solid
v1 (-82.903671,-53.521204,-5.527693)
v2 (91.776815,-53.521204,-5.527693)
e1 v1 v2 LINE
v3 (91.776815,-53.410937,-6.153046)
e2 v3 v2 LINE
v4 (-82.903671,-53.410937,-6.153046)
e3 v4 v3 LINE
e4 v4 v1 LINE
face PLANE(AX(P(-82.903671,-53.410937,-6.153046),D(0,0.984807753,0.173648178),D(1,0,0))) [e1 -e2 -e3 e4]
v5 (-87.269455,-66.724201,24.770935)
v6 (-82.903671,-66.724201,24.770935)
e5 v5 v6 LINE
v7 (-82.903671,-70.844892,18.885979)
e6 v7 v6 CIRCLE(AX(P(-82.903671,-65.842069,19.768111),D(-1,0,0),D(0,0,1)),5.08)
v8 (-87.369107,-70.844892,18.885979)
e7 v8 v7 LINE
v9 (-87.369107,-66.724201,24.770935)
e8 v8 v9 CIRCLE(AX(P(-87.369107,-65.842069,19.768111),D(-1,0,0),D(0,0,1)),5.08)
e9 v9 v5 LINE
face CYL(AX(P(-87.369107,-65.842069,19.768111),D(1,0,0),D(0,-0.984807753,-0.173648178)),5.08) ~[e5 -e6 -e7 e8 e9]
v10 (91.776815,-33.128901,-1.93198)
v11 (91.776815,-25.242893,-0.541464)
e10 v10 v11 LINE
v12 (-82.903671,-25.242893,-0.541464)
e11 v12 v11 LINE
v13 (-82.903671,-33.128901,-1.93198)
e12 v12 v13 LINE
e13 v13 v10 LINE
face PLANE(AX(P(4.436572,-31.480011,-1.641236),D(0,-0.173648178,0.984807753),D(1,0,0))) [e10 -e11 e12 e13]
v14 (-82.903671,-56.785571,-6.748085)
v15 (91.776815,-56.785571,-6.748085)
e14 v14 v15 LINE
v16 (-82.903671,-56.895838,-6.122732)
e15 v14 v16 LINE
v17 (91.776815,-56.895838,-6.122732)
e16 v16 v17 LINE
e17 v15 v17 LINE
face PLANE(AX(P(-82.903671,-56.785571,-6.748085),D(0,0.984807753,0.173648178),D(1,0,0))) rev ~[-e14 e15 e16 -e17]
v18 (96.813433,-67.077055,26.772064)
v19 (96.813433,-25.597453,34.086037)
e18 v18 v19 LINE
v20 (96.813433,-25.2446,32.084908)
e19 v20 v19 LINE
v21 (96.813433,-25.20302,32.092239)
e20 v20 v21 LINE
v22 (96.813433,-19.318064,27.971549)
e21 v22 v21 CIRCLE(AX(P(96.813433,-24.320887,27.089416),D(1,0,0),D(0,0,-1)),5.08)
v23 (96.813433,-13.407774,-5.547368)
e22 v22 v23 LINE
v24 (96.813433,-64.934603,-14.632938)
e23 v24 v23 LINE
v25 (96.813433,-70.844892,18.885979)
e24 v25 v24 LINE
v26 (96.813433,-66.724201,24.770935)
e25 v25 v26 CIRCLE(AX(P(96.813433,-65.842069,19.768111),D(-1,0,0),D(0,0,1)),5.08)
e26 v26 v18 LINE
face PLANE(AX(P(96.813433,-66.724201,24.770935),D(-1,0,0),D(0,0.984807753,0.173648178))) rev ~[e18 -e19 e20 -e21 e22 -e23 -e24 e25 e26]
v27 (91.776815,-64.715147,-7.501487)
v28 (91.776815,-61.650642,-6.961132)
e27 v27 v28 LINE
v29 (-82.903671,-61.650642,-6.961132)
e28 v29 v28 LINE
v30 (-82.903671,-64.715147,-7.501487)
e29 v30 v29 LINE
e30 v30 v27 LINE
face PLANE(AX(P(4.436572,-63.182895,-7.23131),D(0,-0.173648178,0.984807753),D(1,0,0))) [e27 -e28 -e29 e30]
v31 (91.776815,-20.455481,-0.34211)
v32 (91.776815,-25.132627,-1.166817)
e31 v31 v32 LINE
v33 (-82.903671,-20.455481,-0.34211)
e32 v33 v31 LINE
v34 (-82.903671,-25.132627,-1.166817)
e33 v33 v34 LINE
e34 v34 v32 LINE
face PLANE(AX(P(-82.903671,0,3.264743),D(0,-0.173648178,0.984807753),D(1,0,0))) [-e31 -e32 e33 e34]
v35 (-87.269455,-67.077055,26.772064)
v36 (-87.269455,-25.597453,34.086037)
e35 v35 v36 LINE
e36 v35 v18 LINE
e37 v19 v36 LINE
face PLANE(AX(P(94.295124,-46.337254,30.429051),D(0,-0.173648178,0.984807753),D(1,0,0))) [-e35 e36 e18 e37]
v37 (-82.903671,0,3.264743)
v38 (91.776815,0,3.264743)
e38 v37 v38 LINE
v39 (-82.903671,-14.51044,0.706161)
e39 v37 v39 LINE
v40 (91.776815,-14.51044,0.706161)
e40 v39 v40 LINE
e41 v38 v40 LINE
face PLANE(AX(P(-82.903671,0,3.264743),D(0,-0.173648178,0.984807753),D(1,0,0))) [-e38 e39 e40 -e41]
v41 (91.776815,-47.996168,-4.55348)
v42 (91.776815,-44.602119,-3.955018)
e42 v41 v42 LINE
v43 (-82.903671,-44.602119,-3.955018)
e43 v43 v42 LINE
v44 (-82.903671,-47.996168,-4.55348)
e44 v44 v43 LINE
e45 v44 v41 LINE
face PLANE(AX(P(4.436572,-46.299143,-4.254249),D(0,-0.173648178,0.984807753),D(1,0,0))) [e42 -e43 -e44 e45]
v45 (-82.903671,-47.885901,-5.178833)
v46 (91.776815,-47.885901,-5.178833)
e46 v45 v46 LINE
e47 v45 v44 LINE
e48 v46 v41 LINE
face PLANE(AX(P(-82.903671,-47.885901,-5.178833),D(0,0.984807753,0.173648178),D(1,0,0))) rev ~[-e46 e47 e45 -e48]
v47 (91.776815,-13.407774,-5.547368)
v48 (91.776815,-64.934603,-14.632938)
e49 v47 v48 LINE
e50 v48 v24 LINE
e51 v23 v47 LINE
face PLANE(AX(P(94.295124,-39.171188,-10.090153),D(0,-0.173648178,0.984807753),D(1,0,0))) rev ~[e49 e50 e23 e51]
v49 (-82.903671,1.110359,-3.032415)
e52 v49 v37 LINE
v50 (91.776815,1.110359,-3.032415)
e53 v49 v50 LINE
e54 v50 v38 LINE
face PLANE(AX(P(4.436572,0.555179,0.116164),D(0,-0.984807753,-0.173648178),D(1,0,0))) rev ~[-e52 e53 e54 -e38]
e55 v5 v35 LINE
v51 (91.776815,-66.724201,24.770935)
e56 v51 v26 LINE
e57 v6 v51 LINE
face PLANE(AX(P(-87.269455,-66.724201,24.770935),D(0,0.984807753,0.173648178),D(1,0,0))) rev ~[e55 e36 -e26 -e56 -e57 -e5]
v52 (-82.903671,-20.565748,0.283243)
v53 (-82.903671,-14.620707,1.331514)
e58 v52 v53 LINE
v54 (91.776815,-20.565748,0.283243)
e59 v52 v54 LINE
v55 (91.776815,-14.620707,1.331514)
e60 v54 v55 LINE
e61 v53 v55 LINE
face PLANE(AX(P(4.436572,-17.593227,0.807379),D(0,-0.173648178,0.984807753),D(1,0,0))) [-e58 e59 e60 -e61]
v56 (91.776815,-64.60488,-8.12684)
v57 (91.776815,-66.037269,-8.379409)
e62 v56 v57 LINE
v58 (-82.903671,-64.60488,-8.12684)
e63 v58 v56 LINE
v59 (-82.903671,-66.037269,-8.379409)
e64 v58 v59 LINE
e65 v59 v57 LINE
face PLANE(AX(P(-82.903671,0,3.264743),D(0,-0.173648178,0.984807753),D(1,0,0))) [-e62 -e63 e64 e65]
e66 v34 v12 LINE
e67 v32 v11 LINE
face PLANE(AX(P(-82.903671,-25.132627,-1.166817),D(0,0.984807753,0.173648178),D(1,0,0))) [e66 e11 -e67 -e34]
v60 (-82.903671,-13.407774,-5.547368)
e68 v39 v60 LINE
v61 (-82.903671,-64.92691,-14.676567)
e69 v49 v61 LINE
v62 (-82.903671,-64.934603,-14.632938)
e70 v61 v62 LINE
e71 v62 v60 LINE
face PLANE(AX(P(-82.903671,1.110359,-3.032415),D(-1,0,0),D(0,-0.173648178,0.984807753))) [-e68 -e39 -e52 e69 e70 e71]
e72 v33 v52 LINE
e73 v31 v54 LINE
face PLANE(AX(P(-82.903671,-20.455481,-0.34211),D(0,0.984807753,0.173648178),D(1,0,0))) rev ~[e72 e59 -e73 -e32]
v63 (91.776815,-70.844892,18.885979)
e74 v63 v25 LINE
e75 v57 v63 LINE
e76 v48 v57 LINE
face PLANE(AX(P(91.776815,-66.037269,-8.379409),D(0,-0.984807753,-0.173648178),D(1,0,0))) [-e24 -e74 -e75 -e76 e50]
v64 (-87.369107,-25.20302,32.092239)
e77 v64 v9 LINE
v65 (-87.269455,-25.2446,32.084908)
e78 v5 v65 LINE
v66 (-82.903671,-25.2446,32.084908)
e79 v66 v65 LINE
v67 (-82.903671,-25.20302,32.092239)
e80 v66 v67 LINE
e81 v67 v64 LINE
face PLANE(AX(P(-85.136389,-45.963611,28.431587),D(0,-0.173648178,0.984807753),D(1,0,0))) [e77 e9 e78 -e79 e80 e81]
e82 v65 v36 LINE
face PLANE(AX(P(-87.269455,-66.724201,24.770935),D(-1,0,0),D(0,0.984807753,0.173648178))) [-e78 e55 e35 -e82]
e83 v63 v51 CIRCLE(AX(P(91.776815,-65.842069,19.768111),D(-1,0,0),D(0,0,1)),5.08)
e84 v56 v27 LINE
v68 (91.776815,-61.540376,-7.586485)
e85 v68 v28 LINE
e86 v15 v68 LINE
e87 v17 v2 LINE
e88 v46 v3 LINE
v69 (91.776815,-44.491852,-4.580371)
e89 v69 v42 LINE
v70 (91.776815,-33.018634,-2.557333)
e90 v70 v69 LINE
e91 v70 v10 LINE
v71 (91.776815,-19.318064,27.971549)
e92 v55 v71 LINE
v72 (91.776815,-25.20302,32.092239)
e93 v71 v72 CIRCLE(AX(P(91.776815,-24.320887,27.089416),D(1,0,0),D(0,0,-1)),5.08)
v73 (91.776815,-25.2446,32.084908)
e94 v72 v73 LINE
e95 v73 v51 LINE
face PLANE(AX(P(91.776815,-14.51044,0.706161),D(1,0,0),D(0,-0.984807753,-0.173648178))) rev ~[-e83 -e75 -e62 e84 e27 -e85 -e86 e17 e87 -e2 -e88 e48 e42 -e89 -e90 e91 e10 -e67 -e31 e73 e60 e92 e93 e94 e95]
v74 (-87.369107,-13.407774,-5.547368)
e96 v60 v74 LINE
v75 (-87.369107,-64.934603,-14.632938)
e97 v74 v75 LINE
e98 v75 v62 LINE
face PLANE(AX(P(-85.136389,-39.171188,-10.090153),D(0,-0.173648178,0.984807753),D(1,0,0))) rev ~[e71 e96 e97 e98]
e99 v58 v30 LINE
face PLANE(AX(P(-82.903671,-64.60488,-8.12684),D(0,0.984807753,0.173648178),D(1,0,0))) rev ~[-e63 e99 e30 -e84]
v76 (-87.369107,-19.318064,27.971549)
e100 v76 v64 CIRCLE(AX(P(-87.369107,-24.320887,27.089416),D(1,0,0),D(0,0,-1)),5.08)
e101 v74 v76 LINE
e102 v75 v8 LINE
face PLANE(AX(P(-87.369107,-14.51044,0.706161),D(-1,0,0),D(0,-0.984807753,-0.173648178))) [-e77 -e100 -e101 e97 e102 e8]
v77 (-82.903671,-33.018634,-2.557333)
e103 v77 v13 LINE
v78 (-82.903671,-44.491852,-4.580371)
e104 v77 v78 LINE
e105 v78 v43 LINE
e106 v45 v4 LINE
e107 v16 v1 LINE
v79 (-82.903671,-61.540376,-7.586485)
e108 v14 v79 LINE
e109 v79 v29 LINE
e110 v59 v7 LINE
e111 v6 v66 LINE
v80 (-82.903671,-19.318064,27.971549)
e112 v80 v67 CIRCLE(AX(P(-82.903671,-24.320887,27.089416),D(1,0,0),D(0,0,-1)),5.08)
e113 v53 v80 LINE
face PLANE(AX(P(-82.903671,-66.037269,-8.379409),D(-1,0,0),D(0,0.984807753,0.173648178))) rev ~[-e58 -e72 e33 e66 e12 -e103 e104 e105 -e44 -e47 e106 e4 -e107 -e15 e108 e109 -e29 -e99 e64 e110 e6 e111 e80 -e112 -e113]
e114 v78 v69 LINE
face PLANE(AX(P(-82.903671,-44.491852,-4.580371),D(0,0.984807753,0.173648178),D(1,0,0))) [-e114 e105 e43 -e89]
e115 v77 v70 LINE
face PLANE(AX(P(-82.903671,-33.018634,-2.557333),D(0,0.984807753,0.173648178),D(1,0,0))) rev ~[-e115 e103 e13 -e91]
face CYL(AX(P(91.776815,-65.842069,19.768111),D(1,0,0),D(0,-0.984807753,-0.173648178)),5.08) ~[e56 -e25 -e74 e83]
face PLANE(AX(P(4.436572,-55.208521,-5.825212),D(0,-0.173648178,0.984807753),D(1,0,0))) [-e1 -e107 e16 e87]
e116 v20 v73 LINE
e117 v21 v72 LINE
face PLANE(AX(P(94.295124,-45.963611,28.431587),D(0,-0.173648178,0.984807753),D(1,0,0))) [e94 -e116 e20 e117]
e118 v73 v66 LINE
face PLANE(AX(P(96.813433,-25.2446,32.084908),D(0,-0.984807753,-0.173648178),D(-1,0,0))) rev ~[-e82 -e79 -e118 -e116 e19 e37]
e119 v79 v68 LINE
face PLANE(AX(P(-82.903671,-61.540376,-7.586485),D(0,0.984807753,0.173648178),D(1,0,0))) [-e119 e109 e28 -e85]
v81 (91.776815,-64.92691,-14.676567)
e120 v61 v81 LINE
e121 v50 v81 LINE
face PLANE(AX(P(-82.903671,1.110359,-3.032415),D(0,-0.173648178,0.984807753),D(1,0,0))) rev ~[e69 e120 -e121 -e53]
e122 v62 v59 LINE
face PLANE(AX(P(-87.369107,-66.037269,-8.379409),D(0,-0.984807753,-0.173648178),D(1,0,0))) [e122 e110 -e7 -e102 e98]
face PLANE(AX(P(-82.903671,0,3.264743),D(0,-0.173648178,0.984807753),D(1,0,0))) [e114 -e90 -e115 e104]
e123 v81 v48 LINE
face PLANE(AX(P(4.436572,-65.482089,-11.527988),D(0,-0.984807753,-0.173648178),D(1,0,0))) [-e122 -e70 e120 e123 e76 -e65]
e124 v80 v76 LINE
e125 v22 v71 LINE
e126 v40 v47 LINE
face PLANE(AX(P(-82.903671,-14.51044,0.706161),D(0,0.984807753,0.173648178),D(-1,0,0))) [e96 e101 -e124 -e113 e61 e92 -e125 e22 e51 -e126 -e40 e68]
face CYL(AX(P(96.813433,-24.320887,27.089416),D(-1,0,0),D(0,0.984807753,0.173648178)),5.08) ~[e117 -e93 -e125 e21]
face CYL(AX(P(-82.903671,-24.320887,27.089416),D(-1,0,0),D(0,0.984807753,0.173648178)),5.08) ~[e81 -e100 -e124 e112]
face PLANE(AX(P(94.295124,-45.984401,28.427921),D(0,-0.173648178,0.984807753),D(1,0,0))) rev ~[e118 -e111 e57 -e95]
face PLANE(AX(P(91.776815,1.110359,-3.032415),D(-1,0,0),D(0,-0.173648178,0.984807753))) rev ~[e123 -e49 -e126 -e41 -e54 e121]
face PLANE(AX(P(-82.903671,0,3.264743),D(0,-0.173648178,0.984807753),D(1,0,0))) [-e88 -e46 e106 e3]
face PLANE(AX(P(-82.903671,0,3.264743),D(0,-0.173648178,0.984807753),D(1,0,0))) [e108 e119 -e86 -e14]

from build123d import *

# Parameters (mm, degrees)
F0_W          = 174.6804863214
F0_H          = 6.394301774
F1_DEPTH      = 67.056
F2_ANGLE      = 10
F3_W          = 174.6804863214
F3_H          = 6.0367527984
F3_H_2        = 3.3486538234
F3_H_3        = 4.6590082347
F3_H_4        = 3.4464076161
F3_H_5        = 3.4266933799
F3_H_6        = 3.1117796898
F4_DEPTH      = 0.635
F5_DEPTH      = 32.766
F5_DEPTH_BACK = 6.35
F6_R          = 5.08
F7_W          = 5.0366173964
F7_H          = 42.1194909459
F7_W_2        = 179.0462706704
F8_DEPTH      = 2.032


with BuildPart() as f1:
    # F0 (on Front) → F1 (new body)
    with BuildSketch(Plane.XZ):
        with Locations((4.4365723152, 0.0675924821)):
            Rectangle(F0_W, F0_H)
    extrude(amount=F1_DEPTH)


with BuildPart() as f1_1:
    # F2: moved
    add(f1.part.rotate(Axis((4.4365723152, 0, 3.2647433691), (1, 0, 0)), F2_ANGLE))

    # F3 (on face) → F4 (join)
    with BuildSketch(Plane(origin=(0, -0.5583039975, 3.1662993109), x_dir=(1, 0, 0), z_dir=(0, -0.1736481777, 0.984807753))):
        with Locations((4.4365723152, -17.1857467104)):
            Rectangle(F3_W, F3_H)
        with Locations((4.4365723152, -31.2867563517)):
            Rectangle(F3_W, F3_H_2)
        with Locations((4.4365723152, -27.2829253227)):
            Rectangle(F3_W, F3_H_3)
        with Locations((4.4365723152, -46.3344976306)):
            Rectangle(F3_W, F3_H_4)
        with Locations((4.4365723152, -55.3813166916)):
            Rectangle(F3_W, F3_H_5)
        with Locations((4.4365723152, -63.4787082672)):
            Rectangle(F3_W, F3_H_6)
    extrude(amount=F4_DEPTH)

    # F3 (on face) → F5 (join, two sides)
    with BuildSketch(Plane(origin=(0, -0.5583039975, 3.1662993109), x_dir=(1, 0, 0), z_dir=(0, -0.1736481777, 0.984807753))) as f5_sk:
        Polygon((-82.9036708456, -66.4890832634), (-82.9036708456, -65.0345981121), (-82.9036708456, -61.9228184223), (-82.9036708456, -57.0946633816), (-82.9036708456, -53.6679700017), (-82.9036708456, -48.0577014387), (-82.9036708456, -44.6112938225), (-82.9036708456, -36.0245257616), (-82.9036708456, -32.9610832634), (-82.9036708456, -29.61242944), (-82.9036708456, -24.9534212053), (-82.9036708456, -20.2041231096), (-82.9036708456, -14.1673703112), (-87.36910671, -14.1673703112), (-87.36910671, -66.4890832634), align=None)
        Polygon((91.7768154759, -61.9228184223), (91.7768154759, -65.0345981121), (91.7768154759, -66.4890832634), (96.8134328723, -66.4890832634), (96.8134328723, -14.1673703112), (91.7768154759, -14.1673703112), (91.7768154759, -20.2041231096), (91.7768154759, -24.9534212053), (91.7768154759, -29.61242944), (91.7768154759, -32.9610832634), (91.7768154759, -36.0245257616), (91.7768154759, -44.6112938225), (91.7768154759, -48.0577014387), (91.7768154759, -53.6679700017), (91.7768154759, -57.0946633816), align=None)
    extrude(amount=F5_DEPTH)
    extrude(f5_sk.sketch, amount=-F5_DEPTH_BACK)

    # F6
    f6_edges = [f1_1.edges().sort_by_distance(p)[0] for p in [
        (94.295124, -20.200196, 32.974372),
        (-85.136389, -20.200196, 32.974372),
        (-85.136389, -71.727025, 23.888802),
        (94.295124, -71.727025, 23.888802),
    ]]
    fillet(f6_edges, radius=F6_R)

    # F7 (on face) → F8 (join)
    with BuildSketch(Plane(origin=(0, -6.2480601869, 35.4345101461), x_dir=(1, 0, 0), z_dir=(0, -0.1736481777, 0.984807753))):
        with Locations((94.2951241741, -40.3493377905)):
            Rectangle(F7_W, F7_H)
        with Locations((2.2536801407, -40.3493377905)):
            Rectangle(F7_W_2, F7_H)
    extrude(amount=F8_DEPTH)


solid = f1_1.part
